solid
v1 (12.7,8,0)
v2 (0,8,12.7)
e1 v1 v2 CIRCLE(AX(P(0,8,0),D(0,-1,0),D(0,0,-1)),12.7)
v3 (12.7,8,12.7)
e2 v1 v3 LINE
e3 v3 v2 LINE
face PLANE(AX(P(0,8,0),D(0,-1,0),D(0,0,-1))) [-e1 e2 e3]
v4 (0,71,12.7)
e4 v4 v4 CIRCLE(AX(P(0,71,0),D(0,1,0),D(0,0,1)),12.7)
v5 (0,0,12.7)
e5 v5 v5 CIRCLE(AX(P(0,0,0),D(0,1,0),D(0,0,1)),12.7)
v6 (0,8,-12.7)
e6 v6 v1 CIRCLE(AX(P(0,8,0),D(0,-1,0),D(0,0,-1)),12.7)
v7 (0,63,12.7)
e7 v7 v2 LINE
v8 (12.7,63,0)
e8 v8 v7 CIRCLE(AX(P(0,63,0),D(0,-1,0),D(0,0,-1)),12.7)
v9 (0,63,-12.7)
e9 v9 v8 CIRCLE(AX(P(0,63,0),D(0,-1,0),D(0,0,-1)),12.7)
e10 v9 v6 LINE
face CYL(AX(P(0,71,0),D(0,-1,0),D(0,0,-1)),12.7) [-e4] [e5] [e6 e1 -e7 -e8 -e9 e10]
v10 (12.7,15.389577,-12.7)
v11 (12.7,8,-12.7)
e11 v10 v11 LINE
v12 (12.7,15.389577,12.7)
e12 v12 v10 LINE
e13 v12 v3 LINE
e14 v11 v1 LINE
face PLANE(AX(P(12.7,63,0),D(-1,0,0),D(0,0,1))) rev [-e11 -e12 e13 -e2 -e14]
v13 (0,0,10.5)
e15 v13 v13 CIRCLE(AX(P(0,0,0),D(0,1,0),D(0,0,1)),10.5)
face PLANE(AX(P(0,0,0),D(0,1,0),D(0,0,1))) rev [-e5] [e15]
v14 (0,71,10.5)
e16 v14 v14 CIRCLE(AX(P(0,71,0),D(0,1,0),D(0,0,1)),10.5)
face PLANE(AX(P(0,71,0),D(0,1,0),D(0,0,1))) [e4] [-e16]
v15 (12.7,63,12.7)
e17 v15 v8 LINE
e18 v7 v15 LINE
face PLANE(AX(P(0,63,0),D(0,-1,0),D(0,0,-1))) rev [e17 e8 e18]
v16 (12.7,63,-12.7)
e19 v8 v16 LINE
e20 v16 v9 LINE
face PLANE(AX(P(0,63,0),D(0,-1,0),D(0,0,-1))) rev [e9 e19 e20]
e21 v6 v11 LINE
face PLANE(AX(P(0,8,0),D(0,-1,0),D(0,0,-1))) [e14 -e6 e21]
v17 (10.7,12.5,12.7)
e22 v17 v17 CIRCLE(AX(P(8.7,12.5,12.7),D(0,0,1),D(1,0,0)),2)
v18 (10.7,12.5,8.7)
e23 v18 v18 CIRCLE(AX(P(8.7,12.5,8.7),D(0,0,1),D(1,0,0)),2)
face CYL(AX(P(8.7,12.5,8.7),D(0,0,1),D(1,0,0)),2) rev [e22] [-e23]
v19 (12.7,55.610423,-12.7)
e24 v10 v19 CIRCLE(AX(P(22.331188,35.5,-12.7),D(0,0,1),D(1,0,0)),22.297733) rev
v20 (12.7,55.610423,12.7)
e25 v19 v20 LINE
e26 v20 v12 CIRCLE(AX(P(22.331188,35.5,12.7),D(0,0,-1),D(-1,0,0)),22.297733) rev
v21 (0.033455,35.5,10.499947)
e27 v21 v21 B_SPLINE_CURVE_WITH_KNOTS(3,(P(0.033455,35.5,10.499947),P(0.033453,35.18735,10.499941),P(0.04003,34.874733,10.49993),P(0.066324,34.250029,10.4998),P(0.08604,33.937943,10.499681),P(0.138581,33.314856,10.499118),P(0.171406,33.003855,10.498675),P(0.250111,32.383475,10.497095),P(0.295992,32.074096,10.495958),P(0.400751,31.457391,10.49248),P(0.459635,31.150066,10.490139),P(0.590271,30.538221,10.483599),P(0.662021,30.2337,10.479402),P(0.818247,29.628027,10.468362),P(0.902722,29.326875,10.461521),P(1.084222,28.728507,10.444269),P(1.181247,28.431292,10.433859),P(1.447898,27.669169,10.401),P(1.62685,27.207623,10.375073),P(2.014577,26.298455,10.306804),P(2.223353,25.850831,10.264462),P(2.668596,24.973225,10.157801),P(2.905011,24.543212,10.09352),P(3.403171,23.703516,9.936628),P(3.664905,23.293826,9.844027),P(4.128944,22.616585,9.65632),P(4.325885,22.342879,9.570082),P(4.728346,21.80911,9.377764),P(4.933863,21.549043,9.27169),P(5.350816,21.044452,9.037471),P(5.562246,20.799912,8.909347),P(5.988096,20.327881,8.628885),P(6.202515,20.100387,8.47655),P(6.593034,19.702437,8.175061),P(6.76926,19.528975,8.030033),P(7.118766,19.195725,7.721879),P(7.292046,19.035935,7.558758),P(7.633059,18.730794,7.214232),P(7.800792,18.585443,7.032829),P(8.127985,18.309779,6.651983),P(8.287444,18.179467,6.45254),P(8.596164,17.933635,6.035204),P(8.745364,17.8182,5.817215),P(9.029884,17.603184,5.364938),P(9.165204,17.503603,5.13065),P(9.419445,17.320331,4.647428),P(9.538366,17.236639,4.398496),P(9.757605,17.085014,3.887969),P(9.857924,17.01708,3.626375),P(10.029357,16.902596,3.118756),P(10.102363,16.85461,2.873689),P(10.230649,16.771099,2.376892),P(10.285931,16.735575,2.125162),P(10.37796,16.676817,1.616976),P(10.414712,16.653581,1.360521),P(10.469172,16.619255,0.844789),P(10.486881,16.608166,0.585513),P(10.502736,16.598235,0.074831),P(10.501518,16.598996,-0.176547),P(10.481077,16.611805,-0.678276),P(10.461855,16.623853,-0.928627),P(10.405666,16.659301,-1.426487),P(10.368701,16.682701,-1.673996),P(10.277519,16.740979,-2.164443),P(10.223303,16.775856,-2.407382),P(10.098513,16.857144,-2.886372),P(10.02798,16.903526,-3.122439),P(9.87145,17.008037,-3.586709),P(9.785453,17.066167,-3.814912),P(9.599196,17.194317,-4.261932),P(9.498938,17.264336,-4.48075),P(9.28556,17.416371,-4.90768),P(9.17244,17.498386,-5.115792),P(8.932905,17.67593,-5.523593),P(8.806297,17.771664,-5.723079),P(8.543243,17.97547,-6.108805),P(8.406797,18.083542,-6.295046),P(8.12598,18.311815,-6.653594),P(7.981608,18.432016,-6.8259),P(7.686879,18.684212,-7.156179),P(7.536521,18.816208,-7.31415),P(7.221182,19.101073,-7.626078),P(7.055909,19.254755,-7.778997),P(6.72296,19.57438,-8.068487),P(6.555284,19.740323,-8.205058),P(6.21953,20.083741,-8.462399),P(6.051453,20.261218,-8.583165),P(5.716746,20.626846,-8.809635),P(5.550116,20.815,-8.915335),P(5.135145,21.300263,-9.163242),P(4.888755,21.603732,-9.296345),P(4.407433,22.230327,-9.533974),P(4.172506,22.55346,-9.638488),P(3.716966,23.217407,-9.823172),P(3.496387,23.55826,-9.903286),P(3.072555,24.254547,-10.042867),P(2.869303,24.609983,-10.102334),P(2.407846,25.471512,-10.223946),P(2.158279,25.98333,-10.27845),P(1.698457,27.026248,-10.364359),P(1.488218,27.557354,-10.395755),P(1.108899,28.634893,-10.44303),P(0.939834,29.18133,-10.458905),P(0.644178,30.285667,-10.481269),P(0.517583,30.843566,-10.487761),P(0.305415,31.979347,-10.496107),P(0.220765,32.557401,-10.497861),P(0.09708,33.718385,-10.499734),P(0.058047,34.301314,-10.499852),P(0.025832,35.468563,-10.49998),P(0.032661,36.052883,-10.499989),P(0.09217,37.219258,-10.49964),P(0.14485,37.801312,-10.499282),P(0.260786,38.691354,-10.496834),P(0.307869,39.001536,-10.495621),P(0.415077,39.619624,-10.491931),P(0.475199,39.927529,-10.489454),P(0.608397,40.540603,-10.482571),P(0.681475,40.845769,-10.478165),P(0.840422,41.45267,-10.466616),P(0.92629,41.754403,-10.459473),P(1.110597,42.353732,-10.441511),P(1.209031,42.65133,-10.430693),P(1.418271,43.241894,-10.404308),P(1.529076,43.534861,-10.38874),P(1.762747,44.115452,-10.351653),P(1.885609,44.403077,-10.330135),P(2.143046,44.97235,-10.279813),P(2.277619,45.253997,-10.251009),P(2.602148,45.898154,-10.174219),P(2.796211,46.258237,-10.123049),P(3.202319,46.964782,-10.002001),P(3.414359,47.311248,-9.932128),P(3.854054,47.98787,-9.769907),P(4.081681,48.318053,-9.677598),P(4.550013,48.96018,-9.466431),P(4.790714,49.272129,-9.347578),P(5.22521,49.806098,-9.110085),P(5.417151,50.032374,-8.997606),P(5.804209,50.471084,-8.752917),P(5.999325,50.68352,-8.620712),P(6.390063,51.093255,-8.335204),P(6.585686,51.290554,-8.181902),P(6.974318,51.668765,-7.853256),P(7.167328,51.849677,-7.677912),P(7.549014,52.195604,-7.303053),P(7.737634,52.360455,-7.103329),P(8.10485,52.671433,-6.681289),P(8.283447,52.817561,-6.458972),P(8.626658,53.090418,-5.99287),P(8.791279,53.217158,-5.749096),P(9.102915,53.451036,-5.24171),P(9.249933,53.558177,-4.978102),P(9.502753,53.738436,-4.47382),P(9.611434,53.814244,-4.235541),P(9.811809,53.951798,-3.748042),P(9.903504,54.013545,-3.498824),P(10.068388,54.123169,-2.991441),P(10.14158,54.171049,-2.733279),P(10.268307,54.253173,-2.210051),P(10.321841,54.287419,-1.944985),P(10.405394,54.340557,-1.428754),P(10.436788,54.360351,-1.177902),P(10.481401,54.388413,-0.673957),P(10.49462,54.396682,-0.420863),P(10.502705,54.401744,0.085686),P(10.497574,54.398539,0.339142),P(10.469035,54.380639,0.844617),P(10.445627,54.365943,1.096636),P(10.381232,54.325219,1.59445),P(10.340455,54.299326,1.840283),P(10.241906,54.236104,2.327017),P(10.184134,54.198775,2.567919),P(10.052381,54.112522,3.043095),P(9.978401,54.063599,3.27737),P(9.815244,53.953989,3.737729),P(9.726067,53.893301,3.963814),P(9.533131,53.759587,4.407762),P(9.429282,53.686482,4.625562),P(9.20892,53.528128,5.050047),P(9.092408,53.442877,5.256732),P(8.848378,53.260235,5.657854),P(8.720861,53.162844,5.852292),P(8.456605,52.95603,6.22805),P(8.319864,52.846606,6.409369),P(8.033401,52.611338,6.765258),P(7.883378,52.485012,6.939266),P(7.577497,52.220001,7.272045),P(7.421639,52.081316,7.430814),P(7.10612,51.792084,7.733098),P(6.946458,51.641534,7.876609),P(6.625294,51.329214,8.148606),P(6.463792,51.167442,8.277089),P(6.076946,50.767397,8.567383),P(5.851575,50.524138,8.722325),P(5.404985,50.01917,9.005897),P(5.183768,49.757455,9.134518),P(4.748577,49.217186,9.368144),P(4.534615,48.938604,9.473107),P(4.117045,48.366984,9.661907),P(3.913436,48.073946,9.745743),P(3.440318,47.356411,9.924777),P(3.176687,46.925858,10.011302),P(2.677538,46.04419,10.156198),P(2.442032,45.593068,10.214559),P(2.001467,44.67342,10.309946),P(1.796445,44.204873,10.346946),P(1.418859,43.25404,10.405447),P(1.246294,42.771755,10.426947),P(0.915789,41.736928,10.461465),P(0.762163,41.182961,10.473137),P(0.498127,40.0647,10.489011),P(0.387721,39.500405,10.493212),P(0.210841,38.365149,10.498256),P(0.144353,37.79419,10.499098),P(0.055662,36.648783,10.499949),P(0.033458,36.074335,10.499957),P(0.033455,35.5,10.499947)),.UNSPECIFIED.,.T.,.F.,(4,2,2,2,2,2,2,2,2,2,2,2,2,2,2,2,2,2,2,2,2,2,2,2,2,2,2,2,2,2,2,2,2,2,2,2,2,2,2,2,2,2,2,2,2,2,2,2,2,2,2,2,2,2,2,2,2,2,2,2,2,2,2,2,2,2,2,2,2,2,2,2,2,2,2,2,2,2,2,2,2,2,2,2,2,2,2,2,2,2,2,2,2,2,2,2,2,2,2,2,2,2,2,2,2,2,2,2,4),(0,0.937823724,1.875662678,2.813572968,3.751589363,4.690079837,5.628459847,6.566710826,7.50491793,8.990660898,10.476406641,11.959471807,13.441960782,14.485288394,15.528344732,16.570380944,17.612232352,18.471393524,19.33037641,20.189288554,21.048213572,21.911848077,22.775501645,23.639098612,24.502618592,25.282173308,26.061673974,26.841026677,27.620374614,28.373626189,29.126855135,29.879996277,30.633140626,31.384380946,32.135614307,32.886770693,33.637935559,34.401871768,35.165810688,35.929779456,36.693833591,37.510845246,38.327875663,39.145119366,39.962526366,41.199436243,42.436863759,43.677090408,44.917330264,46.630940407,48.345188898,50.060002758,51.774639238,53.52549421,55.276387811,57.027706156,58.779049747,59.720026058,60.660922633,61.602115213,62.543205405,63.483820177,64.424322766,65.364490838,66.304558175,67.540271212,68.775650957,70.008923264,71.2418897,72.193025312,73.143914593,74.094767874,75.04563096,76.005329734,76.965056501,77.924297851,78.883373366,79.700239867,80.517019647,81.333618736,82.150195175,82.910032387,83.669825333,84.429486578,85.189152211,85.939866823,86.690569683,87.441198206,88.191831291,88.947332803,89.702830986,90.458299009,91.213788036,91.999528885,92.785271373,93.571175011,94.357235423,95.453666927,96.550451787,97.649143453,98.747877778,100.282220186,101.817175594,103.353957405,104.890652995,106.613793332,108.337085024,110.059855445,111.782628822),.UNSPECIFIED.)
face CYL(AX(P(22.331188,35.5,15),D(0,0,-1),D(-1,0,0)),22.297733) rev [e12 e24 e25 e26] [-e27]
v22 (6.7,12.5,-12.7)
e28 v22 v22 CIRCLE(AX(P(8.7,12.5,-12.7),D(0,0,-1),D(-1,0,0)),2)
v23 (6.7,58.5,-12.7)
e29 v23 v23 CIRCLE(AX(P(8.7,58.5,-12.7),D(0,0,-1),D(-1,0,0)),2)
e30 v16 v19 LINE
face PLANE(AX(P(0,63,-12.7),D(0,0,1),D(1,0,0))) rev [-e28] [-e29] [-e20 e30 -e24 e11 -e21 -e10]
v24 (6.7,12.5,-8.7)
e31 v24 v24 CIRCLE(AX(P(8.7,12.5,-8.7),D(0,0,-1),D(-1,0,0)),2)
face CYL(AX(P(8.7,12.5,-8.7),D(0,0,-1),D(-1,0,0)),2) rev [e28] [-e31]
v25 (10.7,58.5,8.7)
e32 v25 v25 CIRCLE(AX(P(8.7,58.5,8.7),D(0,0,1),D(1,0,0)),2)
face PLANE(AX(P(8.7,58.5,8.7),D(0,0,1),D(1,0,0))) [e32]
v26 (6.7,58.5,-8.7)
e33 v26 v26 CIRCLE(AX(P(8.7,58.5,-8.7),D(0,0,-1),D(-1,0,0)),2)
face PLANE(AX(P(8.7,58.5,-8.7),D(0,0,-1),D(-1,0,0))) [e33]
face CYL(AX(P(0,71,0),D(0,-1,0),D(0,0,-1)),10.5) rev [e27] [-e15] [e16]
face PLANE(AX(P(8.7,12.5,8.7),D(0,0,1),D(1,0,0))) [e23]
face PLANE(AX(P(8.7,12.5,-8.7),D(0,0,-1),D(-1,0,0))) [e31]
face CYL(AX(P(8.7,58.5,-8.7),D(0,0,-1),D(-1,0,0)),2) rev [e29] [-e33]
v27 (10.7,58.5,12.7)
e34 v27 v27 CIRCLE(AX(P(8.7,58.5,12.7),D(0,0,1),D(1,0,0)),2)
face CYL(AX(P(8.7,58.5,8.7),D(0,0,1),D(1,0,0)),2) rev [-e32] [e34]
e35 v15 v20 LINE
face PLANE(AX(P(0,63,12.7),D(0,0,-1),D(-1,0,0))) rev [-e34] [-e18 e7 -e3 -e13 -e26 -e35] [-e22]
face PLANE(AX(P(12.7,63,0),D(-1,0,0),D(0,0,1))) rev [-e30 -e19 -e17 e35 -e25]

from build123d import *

# Parameters (mm, degrees)
SKETCH1_R               = 12.7
SKETCH1_R_2             = 10.5
BOSS_EXTRUDE1_DEPTH     = 71
BOSS_EXTRUDE2_DEPTH     = 63
CUT_EXTRUDE1_DEPTH      = 8
CUT_EXTRUDE2_DEPTH      = 15
CUT_EXTRUDE2_DEPTH_BACK = 16
SKETCH4_R               = 22.297733005
SKETCH5_R               = 2
CUT_EXTRUDE3_DEPTH      = 4
CUT_EXTRUDE4_START      = -4
SKETCH6_R               = 2
CUT_EXTRUDE4_DEPTH      = 4


with BuildPart() as part:
    # Sketch1 → Boss-Extrude1 (new body)
    with BuildSketch(Plane(origin=(0, 0, 0), x_dir=(1, 0, 0), z_dir=(0, 1, 0))):
        with Locations(Location((0, 0, 0), (0, 0, 270))):
            Circle(SKETCH1_R)
        with Locations(Location((0, 0, 0), (0, 0, 270))):
            Circle(SKETCH1_R_2, mode=Mode.SUBTRACT)
    extrude(amount=BOSS_EXTRUDE1_DEPTH)

    # Sketch2 → Boss-Extrude2 (add)
    with BuildSketch(Plane.XZ):
        with BuildLine():
            Line((12.7, 12.7), (0, 12.7))
            ThreePointArc((0, 12.7), (8.980256121, 8.980256121), (12.7, 0))
            Line((12.7, 0), (12.7, 12.7))
        make_face()
        with BuildLine():
            Line((12.7, -12.7), (12.7, 0))
            ThreePointArc((12.7, 0), (8.980256121, -8.980256121), (0, -12.7))
            Line((0, -12.7), (12.7, -12.7))
        make_face()
    extrude(amount=-BOSS_EXTRUDE2_DEPTH)

    # Sketch3 → Cut-Extrude1 (cut)
    with BuildSketch(Plane.XZ):
        with BuildLine():
            Line((12.7, 12.7), (0, 12.7))
            ThreePointArc((0, 12.7), (8.980256109, 8.980256133), (12.7, 3.4e-08))
            Line((12.7, 3.4e-08), (12.7, 12.7))
        make_face()
        with BuildLine():
            Line((12.7, -12.7), (12.7, 3.4e-08))
            ThreePointArc((12.7, 3.4e-08), (8.980256133, -8.980256109), (0, -12.7))
            Line((0, -12.7), (12.7, -12.7))
        make_face()
    extrude(amount=-CUT_EXTRUDE1_DEPTH, mode=Mode.SUBTRACT)

    # Sketch4 → Cut-Extrude2 (cut, two sides: drawn at the far end of the back side and taken through both)
    with BuildSketch(Plane.XY.offset(-CUT_EXTRUDE2_DEPTH_BACK)):
        with Locations((22.331187996, 35.5)):
            Circle(SKETCH4_R)
    extrude(amount=CUT_EXTRUDE2_DEPTH + CUT_EXTRUDE2_DEPTH_BACK, mode=Mode.SUBTRACT)

    # Sketch5 → Cut-Extrude3 (cut)
    with BuildSketch(Plane(origin=(0, 0, -12.7), x_dir=(-1, 0, 0), z_dir=(0, 0, -1))):
        with Locations((-8.7, 58.5)):
            Circle(SKETCH5_R)
        with Locations((-8.7, 12.5)):
            Circle(SKETCH5_R)
    extrude(amount=-CUT_EXTRUDE3_DEPTH, mode=Mode.SUBTRACT)

    # Sketch6 → Cut-Extrude4 (cut)
    with BuildSketch(Plane.XY.offset(12.7).offset(CUT_EXTRUDE4_START)):
        with Locations(Location((8.7, 58.5, 0), (0, 0, 180))):
            Circle(SKETCH6_R)
        with Locations(Location((8.7, 12.5, 0), (0, 0, 180))):
            Circle(SKETCH6_R)
    extrude(amount=CUT_EXTRUDE4_DEPTH, mode=Mode.SUBTRACT)


solid = part.part
